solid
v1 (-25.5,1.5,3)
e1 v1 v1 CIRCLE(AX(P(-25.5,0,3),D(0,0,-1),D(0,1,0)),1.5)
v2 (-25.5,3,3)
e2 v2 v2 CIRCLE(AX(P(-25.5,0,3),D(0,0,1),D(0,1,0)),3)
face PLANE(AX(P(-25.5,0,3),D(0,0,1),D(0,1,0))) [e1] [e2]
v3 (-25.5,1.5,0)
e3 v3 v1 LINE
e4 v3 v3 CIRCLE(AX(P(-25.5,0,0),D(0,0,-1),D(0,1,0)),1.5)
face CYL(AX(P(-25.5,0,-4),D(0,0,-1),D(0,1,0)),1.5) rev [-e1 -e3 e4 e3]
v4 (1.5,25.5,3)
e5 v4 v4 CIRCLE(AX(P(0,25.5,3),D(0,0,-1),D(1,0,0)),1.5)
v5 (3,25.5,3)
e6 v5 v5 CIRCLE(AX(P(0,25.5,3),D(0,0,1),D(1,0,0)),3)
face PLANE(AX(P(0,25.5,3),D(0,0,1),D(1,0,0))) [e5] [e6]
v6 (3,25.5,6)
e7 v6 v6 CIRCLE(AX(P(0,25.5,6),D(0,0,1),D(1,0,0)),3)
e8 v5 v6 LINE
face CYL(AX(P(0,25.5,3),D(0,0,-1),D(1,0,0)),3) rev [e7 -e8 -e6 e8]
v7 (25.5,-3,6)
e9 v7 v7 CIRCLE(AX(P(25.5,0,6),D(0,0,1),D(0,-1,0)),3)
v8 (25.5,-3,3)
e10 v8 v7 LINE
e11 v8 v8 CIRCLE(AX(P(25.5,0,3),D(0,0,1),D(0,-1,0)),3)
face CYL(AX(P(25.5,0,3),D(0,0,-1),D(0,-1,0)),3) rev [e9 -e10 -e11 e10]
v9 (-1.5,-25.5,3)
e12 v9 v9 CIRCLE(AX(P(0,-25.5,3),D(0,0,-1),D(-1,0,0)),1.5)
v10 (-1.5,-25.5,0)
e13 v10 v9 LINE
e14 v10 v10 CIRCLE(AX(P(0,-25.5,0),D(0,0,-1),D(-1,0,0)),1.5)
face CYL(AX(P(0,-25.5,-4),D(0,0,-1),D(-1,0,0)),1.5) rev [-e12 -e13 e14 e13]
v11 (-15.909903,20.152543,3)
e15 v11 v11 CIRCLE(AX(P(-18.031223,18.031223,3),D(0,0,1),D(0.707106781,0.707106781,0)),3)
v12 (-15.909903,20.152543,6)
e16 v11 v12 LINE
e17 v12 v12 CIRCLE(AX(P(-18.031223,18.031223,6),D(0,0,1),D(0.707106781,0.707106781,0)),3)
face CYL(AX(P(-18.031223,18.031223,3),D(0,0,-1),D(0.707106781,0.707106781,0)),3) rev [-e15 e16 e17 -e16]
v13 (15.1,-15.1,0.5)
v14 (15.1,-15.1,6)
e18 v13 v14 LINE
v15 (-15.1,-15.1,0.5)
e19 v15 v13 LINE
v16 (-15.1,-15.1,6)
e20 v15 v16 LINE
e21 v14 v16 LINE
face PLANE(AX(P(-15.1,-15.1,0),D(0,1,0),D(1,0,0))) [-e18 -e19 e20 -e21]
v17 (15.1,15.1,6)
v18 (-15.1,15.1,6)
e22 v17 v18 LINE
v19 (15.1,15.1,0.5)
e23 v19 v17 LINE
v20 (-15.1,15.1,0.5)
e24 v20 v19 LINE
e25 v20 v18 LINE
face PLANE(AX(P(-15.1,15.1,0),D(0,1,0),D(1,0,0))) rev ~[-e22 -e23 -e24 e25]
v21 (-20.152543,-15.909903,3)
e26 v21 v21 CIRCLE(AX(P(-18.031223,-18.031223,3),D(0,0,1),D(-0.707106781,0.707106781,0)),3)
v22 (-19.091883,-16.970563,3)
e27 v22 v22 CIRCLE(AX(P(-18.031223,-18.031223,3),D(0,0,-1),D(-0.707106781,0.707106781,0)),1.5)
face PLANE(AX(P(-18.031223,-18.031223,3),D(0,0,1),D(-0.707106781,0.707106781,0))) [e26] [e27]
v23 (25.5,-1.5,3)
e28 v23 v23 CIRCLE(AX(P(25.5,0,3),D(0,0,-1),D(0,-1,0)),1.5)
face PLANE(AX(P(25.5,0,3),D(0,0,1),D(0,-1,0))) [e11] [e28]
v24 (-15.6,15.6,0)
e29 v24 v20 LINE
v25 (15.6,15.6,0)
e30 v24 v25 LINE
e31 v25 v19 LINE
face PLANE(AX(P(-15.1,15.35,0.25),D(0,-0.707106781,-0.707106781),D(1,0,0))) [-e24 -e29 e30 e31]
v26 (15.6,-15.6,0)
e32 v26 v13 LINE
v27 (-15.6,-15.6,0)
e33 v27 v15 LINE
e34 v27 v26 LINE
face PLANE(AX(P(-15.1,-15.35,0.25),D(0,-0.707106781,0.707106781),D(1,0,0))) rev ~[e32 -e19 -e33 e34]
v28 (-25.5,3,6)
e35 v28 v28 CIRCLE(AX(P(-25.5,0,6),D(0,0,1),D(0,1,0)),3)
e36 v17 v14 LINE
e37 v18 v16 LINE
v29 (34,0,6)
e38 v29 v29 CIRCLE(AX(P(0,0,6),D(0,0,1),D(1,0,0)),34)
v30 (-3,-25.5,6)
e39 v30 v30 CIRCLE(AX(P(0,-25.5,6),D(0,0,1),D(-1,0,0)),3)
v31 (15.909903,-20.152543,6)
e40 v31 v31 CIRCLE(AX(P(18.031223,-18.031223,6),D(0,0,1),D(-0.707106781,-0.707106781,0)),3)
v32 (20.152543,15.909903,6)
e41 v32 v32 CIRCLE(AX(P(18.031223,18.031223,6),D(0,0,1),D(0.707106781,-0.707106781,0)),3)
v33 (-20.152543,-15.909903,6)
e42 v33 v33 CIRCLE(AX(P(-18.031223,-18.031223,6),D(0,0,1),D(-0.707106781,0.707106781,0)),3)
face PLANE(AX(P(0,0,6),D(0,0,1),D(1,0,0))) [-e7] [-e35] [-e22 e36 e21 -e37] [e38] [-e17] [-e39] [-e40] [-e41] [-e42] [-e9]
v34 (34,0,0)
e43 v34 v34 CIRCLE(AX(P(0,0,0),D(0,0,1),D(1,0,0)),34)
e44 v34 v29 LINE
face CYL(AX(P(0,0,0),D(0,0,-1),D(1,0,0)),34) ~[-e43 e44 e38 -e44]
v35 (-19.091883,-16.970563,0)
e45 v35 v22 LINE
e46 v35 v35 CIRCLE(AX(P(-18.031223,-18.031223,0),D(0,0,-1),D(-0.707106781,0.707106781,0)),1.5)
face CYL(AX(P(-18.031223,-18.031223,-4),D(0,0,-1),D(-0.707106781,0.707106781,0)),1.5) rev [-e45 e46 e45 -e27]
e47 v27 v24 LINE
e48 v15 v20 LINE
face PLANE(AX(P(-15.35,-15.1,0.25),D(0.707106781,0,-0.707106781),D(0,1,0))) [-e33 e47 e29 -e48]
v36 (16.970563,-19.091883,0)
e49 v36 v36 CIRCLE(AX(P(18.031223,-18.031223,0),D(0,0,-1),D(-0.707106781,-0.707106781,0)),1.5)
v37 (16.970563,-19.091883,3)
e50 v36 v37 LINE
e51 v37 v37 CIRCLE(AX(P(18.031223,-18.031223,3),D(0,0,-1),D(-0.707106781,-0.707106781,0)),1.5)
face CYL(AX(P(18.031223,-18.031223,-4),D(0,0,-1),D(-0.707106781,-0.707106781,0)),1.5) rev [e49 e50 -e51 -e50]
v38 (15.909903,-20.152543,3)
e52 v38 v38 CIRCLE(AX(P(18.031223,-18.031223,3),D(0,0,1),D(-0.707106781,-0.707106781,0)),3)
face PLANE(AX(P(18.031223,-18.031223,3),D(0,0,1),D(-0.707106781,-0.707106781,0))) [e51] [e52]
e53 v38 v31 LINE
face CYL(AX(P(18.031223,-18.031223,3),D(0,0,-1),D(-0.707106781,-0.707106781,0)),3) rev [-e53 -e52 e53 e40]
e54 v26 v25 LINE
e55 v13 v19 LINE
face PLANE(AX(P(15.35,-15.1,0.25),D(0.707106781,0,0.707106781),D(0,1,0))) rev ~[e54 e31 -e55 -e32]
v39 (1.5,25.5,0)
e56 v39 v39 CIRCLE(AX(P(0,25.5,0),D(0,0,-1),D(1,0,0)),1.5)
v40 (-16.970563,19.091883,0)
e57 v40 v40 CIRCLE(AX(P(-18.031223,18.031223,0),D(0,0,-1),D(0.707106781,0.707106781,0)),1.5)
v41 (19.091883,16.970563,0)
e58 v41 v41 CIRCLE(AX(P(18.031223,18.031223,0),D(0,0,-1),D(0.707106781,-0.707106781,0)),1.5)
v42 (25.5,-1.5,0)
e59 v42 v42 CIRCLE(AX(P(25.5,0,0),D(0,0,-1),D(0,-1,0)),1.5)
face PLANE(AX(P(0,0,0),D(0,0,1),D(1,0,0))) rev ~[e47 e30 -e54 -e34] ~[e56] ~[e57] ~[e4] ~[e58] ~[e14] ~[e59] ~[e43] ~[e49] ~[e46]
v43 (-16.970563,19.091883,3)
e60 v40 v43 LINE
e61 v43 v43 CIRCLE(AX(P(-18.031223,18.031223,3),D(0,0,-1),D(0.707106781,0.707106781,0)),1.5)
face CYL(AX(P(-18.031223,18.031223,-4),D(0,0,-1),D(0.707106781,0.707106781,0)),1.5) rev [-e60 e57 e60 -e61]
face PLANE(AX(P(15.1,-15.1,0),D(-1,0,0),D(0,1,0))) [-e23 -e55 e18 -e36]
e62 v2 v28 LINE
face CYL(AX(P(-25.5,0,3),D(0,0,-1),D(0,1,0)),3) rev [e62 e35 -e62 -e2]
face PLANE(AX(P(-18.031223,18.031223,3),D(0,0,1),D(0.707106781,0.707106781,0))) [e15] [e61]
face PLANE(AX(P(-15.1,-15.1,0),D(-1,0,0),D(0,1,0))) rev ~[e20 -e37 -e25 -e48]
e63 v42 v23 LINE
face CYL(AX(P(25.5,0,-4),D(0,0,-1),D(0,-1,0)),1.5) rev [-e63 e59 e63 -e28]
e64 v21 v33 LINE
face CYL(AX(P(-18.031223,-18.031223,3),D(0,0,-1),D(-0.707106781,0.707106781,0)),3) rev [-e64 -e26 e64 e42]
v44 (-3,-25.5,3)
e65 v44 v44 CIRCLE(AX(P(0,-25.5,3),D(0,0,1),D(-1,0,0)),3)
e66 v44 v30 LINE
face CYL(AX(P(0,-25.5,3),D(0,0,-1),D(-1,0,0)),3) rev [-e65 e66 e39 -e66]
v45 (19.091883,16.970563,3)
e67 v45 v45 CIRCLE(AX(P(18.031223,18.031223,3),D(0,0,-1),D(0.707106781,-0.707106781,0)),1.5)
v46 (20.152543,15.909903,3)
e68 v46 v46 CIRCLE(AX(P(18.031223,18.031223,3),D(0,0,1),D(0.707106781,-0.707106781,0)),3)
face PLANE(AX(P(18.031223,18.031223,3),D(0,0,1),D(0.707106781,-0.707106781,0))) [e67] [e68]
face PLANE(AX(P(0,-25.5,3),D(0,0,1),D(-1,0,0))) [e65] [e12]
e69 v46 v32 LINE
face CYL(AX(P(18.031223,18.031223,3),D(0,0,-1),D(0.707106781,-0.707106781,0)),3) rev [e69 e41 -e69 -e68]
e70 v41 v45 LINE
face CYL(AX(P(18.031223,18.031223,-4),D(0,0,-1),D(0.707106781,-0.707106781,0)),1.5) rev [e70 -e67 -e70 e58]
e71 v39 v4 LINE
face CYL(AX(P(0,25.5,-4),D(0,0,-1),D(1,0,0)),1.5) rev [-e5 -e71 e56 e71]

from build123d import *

# Parameters (mm, degrees)
BOX743_W                     = 30.2
BOX743_H                     = 30.2
BOX743_DEPTH                 = 25
CYLINDER1930_R               = 1.5
CYLINDER1930_DEPTH           = 20
CYLINDER1930_PLACEMENT_ANGLE = 45
CYLINDER1927_R               = 1.5
CYLINDER1927_DEPTH           = 20
CYLINDER1933_R               = 1.5
CYLINDER1933_DEPTH           = 20
CYLINDER1933_PLACEMENT_ANGLE = 135
CYLINDER1929_R               = 1.5
CYLINDER1929_DEPTH           = 20
CYLINDER1935_R               = 1.5
CYLINDER1935_DEPTH           = 20
CYLINDER1935_PLACEMENT_ANGLE = 225
CYLINDER1928_R               = 1.5
CYLINDER1928_DEPTH           = 20
CYLINDER1943_R               = 1.5
CYLINDER1943_DEPTH           = 20
CYLINDER1943_PLACEMENT_ANGLE = 45
CYLINDER1937_R               = 1.5
CYLINDER1937_DEPTH           = 20
CYLINDER1940_R               = 3
CYLINDER1940_DEPTH           = 3
CYLINDER1940_PLACEMENT_ANGLE = 45
CYLINDER1942_R               = 3
CYLINDER1942_DEPTH           = 3
CYLINDER1941_R               = 3
CYLINDER1941_DEPTH           = 3
CYLINDER1941_PLACEMENT_ANGLE = 135
CYLINDER1939_R               = 3
CYLINDER1939_DEPTH           = 3
CYLINDER1932_R               = 3
CYLINDER1932_DEPTH           = 3
CYLINDER1932_PLACEMENT_ANGLE = 225
CYLINDER1938_R               = 3
CYLINDER1938_DEPTH           = 3
CYLINDER1931_R               = 3
CYLINDER1931_DEPTH           = 3
CYLINDER1931_PLACEMENT_ANGLE = 45
CYLINDER1934_R               = 3
CYLINDER1934_DEPTH           = 3
CYLINDER1936_R               = 34
CYLINDER1936_DEPTH           = 6
CHAMFER078_SIZE              = 0.5


with BuildPart() as krychle743:
    # Box743 → Box743 (new body)
    with BuildSketch(Plane(origin=(-15.1, -15.1, 0), x_dir=(1, 0, 0), z_dir=(0, 0, 1))):
        with Locations((15.1, 15.1)):
            Rectangle(BOX743_W, BOX743_H)
    extrude(amount=BOX743_DEPTH)


with BuildPart() as v_lec1930:
    # Cylinder1930 → Cylinder1930 (new body)
    with BuildSketch(Plane.XY):
        Circle(CYLINDER1930_R)
    extrude(amount=CYLINDER1930_DEPTH)


with BuildPart() as v_lec1930_1:
    # Cylinder1930 placement: moved
    add(v_lec1930.part.moved(Location((-18.031223, 18.031223, -4))).rotate(Axis((-18.031223, 18.031223, -4), (0, 0, 1)), CYLINDER1930_PLACEMENT_ANGLE))


with BuildPart() as v_lec1927:
    # Cylinder1927 → Cylinder1927 (new body)
    with BuildSketch(Plane(origin=(-25.5, 0, -4), x_dir=(0, 1, 0), z_dir=(0, 0, 1))):
        Circle(CYLINDER1927_R)
    extrude(amount=CYLINDER1927_DEPTH)


with BuildPart() as v_lec1933:
    # Cylinder1933 → Cylinder1933 (new body)
    with BuildSketch(Plane.XY):
        Circle(CYLINDER1933_R)
    extrude(amount=CYLINDER1933_DEPTH)


with BuildPart() as v_lec1933_1:
    # Cylinder1933 placement: moved
    add(v_lec1933.part.moved(Location((-18.031223, -18.031223, -4))).rotate(Axis((-18.031223, -18.031223, -4), (0, 0, 1)), CYLINDER1933_PLACEMENT_ANGLE))


with BuildPart() as v_lec1929:
    # Cylinder1929 → Cylinder1929 (new body)
    with BuildSketch(Plane(origin=(0, -25.5, -4), x_dir=(-1, 0, 0), z_dir=(0, 0, 1))):
        Circle(CYLINDER1929_R)
    extrude(amount=CYLINDER1929_DEPTH)


with BuildPart() as v_lec1935:
    # Cylinder1935 → Cylinder1935 (new body)
    with BuildSketch(Plane.XY):
        Circle(CYLINDER1935_R)
    extrude(amount=CYLINDER1935_DEPTH)


with BuildPart() as v_lec1935_1:
    # Cylinder1935 placement: moved
    add(v_lec1935.part.moved(Location((18.031223, -18.031223, -4))).rotate(Axis((18.031223, -18.031223, -4), (0, 0, 1)), CYLINDER1935_PLACEMENT_ANGLE))


with BuildPart() as v_lec1928:
    # Cylinder1928 → Cylinder1928 (new body)
    with BuildSketch(Plane(origin=(25.5, 0, -4), x_dir=(0, -1, 0), z_dir=(0, 0, 1))):
        Circle(CYLINDER1928_R)
    extrude(amount=CYLINDER1928_DEPTH)


with BuildPart() as v_lec1943:
    # Cylinder1943 → Cylinder1943 (new body)
    with BuildSketch(Plane.XY):
        Circle(CYLINDER1943_R)
    extrude(amount=CYLINDER1943_DEPTH)


with BuildPart() as v_lec1943_1:
    # Cylinder1943 placement: moved
    add(v_lec1943.part.moved(Location((18.031223, 18.031223, -4))).rotate(Axis((18.031223, 18.031223, -4), (0, 0, -1)), CYLINDER1943_PLACEMENT_ANGLE))


with BuildPart() as compound919:
    # Cylinder1937 → Cylinder1937 (new body)
    with BuildSketch(Plane(origin=(0, 25.5, -4), x_dir=(1, 0, 0), z_dir=(0, 0, 1))):
        Circle(CYLINDER1937_R)
    extrude(amount=CYLINDER1937_DEPTH)

    # Compound919: union Válec1930, Válec1927, Válec1933, Válec1929, Válec1935, Válec1928, Válec1943
    add(v_lec1930_1.part)
    add(v_lec1927.part)
    add(v_lec1933_1.part)
    add(v_lec1929.part)
    add(v_lec1935_1.part)
    add(v_lec1928.part)
    add(v_lec1943_1.part)


with BuildPart() as v_lec1940:
    # Cylinder1940 → Cylinder1940 (new body)
    with BuildSketch(Plane.XY):
        Circle(CYLINDER1940_R)
    extrude(amount=CYLINDER1940_DEPTH)


with BuildPart() as v_lec1940_1:
    # Cylinder1940 placement: moved
    add(v_lec1940.part.moved(Location((-18.031223, 18.031223, 3))).rotate(Axis((-18.031223, 18.031223, 3), (0, 0, 1)), CYLINDER1940_PLACEMENT_ANGLE))


with BuildPart() as v_lec1942:
    # Cylinder1942 → Cylinder1942 (new body)
    with BuildSketch(Plane(origin=(-25.5, 0, 3), x_dir=(0, 1, 0), z_dir=(0, 0, 1))):
        Circle(CYLINDER1942_R)
    extrude(amount=CYLINDER1942_DEPTH)


with BuildPart() as v_lec1941:
    # Cylinder1941 → Cylinder1941 (new body)
    with BuildSketch(Plane.XY):
        Circle(CYLINDER1941_R)
    extrude(amount=CYLINDER1941_DEPTH)


with BuildPart() as v_lec1941_1:
    # Cylinder1941 placement: moved
    add(v_lec1941.part.moved(Location((-18.031223, -18.031223, 3))).rotate(Axis((-18.031223, -18.031223, 3), (0, 0, 1)), CYLINDER1941_PLACEMENT_ANGLE))


with BuildPart() as v_lec1939:
    # Cylinder1939 → Cylinder1939 (new body)
    with BuildSketch(Plane(origin=(0, -25.5, 3), x_dir=(-1, 0, 0), z_dir=(0, 0, 1))):
        Circle(CYLINDER1939_R)
    extrude(amount=CYLINDER1939_DEPTH)


with BuildPart() as v_lec1932:
    # Cylinder1932 → Cylinder1932 (new body)
    with BuildSketch(Plane.XY):
        Circle(CYLINDER1932_R)
    extrude(amount=CYLINDER1932_DEPTH)


with BuildPart() as v_lec1932_1:
    # Cylinder1932 placement: moved
    add(v_lec1932.part.moved(Location((18.031223, -18.031223, 3))).rotate(Axis((18.031223, -18.031223, 3), (0, 0, 1)), CYLINDER1932_PLACEMENT_ANGLE))


with BuildPart() as v_lec1938:
    # Cylinder1938 → Cylinder1938 (new body)
    with BuildSketch(Plane(origin=(25.5, 0, 3), x_dir=(0, -1, 0), z_dir=(0, 0, 1))):
        Circle(CYLINDER1938_R)
    extrude(amount=CYLINDER1938_DEPTH)


with BuildPart() as v_lec1931:
    # Cylinder1931 → Cylinder1931 (new body)
    with BuildSketch(Plane.XY):
        Circle(CYLINDER1931_R)
    extrude(amount=CYLINDER1931_DEPTH)


with BuildPart() as v_lec1931_1:
    # Cylinder1931 placement: moved
    add(v_lec1931.part.moved(Location((18.031223, 18.031223, 3))).rotate(Axis((18.031223, 18.031223, 3), (0, 0, -1)), CYLINDER1931_PLACEMENT_ANGLE))


with BuildPart() as compound918:
    # Cylinder1934 → Cylinder1934 (new body)
    with BuildSketch(Plane(origin=(0, 25.5, 3), x_dir=(1, 0, 0), z_dir=(0, 0, 1))):
        Circle(CYLINDER1934_R)
    extrude(amount=CYLINDER1934_DEPTH)

    # Compound918: union Válec1940, Válec1942, Válec1941, Válec1939, Válec1932, Válec1938, Válec1931
    add(v_lec1940_1.part)
    add(v_lec1942.part)
    add(v_lec1941_1.part)
    add(v_lec1939.part)
    add(v_lec1932_1.part)
    add(v_lec1938.part)
    add(v_lec1931_1.part)


with BuildPart() as chamfer078:
    # Cylinder1936 → Cylinder1936 (new body)
    with BuildSketch(Plane.XY):
        Circle(CYLINDER1936_R)
    extrude(amount=CYLINDER1936_DEPTH)

    # Cut565: cut Compound918
    add(compound918.part, mode=Mode.SUBTRACT)

    # Cut566: cut Compound919
    add(compound919.part, mode=Mode.SUBTRACT)

    # Cut568: cut Krychle743
    add(krychle743.part, mode=Mode.SUBTRACT)

    # Chamfer078
    chamfer078_edges = [chamfer078.edges().sort_by_distance(p)[0] for p in [
        (-15.1, 0, 0),
        (0, -15.1, 0),
        (15.1, 0, 0),
        (0, 15.1, 0),
    ]]
    chamfer(chamfer078_edges, length=CHAMFER078_SIZE)


solid = chamfer078.part
